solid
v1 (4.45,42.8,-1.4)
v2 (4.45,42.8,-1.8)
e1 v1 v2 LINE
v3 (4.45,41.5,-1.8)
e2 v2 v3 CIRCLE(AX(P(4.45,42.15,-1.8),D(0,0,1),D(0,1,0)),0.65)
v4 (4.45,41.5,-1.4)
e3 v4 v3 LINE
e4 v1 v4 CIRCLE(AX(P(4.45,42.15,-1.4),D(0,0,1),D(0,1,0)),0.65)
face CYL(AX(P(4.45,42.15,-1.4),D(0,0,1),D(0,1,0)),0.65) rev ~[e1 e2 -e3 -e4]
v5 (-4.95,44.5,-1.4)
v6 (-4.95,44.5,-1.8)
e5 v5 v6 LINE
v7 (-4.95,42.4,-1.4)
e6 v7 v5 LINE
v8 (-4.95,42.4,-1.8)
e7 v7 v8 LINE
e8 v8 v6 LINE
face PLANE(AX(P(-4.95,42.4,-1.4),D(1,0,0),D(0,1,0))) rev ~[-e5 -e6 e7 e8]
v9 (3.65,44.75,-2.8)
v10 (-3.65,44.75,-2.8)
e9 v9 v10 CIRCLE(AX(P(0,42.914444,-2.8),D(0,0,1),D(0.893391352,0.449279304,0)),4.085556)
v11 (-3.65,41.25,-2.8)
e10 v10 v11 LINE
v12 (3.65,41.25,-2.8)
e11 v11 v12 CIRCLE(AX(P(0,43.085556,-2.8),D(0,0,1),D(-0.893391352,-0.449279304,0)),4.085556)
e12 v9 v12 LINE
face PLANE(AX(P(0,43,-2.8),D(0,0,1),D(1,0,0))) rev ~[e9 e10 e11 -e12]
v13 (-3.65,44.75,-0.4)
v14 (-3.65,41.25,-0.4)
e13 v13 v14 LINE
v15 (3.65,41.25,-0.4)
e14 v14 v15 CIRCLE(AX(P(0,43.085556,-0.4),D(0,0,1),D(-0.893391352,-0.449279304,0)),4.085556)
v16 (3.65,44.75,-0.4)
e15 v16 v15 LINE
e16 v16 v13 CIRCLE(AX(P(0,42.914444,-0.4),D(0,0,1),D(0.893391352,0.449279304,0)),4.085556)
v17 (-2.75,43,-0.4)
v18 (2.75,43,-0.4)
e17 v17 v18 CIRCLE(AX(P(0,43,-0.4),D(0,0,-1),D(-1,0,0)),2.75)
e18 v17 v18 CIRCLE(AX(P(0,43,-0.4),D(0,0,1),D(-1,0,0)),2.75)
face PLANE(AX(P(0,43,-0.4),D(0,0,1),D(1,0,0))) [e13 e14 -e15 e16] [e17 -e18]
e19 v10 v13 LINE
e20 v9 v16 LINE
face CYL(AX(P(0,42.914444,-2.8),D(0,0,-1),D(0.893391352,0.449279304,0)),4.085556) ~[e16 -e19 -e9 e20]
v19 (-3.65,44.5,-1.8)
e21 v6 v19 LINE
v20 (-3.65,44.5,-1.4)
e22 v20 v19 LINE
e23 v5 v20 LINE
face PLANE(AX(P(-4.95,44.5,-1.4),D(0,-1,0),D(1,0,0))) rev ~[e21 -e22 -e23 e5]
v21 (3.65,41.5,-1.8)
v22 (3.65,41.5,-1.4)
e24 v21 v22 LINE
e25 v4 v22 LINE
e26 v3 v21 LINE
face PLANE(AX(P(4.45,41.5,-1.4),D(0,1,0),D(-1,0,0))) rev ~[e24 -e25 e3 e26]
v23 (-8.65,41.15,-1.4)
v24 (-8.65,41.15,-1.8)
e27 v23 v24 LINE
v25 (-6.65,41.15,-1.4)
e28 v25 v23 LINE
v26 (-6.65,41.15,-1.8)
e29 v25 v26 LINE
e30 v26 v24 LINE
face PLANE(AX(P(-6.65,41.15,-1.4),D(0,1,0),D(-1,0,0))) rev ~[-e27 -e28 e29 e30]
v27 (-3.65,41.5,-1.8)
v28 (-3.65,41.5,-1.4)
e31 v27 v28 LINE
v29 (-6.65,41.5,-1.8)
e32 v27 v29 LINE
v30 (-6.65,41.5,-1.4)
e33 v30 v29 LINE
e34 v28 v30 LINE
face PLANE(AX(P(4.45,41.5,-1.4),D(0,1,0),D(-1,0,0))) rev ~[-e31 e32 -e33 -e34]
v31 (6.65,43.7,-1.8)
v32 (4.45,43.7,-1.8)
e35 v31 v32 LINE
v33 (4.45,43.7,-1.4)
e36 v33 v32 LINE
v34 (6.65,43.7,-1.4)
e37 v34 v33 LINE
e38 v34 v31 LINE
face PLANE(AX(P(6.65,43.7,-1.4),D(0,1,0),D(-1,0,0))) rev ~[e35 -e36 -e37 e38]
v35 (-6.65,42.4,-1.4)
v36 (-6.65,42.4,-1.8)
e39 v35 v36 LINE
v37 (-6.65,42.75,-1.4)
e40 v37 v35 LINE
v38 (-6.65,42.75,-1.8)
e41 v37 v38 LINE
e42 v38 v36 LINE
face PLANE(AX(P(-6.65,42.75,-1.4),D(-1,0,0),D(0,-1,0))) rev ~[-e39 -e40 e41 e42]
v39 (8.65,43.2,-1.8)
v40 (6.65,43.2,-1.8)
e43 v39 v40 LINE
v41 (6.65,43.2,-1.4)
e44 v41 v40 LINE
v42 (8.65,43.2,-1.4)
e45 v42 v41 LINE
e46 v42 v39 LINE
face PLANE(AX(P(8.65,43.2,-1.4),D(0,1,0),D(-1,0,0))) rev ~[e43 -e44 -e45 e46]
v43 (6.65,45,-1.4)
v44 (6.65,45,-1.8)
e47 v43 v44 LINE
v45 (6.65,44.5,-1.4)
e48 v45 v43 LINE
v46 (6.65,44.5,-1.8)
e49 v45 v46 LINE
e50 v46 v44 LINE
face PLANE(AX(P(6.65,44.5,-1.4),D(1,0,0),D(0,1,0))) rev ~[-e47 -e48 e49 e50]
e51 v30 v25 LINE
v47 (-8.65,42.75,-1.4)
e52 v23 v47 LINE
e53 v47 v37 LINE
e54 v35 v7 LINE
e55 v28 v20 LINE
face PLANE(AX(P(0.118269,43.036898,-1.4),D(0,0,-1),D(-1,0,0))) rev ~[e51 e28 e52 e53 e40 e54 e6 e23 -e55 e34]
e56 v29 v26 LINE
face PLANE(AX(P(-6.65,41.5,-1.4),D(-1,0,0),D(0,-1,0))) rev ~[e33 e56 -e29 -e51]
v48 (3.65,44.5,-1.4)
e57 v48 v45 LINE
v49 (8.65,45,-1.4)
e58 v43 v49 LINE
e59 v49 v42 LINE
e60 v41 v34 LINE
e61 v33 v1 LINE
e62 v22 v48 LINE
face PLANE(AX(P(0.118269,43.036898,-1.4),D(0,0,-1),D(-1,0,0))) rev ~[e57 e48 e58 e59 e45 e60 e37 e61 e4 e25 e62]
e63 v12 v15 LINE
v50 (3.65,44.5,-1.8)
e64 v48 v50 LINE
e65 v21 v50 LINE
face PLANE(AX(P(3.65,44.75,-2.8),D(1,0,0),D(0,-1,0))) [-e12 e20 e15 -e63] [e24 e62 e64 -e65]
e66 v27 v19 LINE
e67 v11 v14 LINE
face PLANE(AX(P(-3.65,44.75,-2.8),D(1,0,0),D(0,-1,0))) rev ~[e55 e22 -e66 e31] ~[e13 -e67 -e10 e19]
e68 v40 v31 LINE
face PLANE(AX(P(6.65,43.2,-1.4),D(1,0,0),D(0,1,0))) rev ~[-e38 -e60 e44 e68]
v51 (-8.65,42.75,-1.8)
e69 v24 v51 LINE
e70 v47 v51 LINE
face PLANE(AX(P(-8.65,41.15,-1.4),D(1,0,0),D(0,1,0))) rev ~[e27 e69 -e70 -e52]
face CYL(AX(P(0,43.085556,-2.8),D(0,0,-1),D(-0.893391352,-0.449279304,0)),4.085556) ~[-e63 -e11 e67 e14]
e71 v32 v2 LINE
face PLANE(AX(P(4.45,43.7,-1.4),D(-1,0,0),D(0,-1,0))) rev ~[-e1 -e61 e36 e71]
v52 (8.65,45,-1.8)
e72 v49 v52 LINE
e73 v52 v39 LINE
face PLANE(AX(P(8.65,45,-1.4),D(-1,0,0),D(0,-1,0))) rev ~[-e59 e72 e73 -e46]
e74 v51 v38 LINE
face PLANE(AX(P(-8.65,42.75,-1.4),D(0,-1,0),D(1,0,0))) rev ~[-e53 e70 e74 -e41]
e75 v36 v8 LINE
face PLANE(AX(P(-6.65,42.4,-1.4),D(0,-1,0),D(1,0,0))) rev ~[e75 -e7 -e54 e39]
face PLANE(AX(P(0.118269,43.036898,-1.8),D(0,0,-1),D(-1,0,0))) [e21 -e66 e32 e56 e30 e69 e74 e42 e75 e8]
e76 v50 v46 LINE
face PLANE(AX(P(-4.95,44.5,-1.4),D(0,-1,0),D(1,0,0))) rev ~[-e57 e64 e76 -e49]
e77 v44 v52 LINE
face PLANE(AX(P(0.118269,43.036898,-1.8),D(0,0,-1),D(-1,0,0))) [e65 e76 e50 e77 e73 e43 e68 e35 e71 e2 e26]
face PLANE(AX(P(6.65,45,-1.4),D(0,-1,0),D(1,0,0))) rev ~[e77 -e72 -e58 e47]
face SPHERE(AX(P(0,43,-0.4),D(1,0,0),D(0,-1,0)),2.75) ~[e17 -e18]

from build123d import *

# Parameters (mm, degrees)
REVOLUTION005_ANGLE     = -180
PAD023_DEPTH            = 0.4
BODY024_PLACEMENT_ANGLE = 180
PAD022_DEPTH            = 2.4


with BuildPart() as light005:
    # Sketch036 (on Face1 of ShapeBinder011) → Revolution005 (revolve)
    with BuildSketch(Plane.XY.offset(2.4)):
        with BuildLine():
            ThreePointArc((-2.75, 0), (0, -2.75), (2.75, 0))
            Line((-2.75, 0), (2.75, 0))
        make_face()
    revolve(axis=Axis((-2.75, 0, 2.4), (1, 0, 0)), revolution_arc=REVOLUTION005_ANGLE)


with BuildPart() as body024:
    # Sketch037 (on Face1 of ShapeBinder012) → Pad023 (new body)
    with BuildSketch(Plane(origin=(0, 0, 0), x_dir=(1, 0, 0), z_dir=(0, 0, -1))):
        with BuildLine():
            Line((3.65, 1.5), (6.65, 1.5))
            Line((6.65, 1.5), (6.65, 2))
            Line((6.65, 2), (8.65, 2))
            Line((8.65, 2), (8.65, 0.2))
            Line((8.65, 0.2), (6.65, 0.2))
            Line((6.65, 0.2), (6.65, 0.7))
            Line((6.65, 0.7), (4.45, 0.7))
            Line((4.45, 0.7), (4.45, -0.2))
            ThreePointArc((4.45, -0.2), (3.8, -0.85), (4.45, -1.5))
            Line((4.45, -1.5), (-6.65, -1.5))
            Line((-6.65, -1.5), (-6.65, -1.85))
            Line((-6.65, -1.85), (-8.65, -1.85))
            Line((-8.65, -1.85), (-8.65, -0.25))
            Line((-8.65, -0.25), (-6.65, -0.25))
            Line((-6.65, -0.25), (-6.65, -0.6))
            Line((-6.65, -0.6), (-4.95, -0.6))
            Line((-4.95, -0.6), (-4.95, 1.5))
            Line((-4.95, 1.5), (3.65, 1.5))
        make_face()
    extrude(amount=-PAD023_DEPTH)


with BuildPart() as body024_1:
    # Body024 placement: moved
    add(body024.part.moved(Location((0, 0, 1.4))).rotate(Axis((0, 0, 1.4), (1, 0, 0)), BODY024_PLACEMENT_ANGLE))


with BuildPart() as led6:
    # Sketch035 → Pad022 (new body)
    with BuildSketch(Plane.XY):
        with BuildLine():
            Line((-3.65, 1.75), (-3.65, -1.75))
            ThreePointArc((-3.65, -1.75), (0, -4), (3.65, -1.75))
            Line((3.65, 1.75), (3.65, -1.75))
            ThreePointArc((3.65, 1.75), (0, 4), (-3.65, 1.75))
        make_face()
    extrude(amount=PAD022_DEPTH)

    # Fusion006: union light005, Body024
    add(light005.part)
    add(body024_1.part)


with BuildPart() as led6_1:
    # Fusion006 placement: moved
    add(led6.part.moved(Location((0, 43, -2.8))))


solid = led6_1.part
